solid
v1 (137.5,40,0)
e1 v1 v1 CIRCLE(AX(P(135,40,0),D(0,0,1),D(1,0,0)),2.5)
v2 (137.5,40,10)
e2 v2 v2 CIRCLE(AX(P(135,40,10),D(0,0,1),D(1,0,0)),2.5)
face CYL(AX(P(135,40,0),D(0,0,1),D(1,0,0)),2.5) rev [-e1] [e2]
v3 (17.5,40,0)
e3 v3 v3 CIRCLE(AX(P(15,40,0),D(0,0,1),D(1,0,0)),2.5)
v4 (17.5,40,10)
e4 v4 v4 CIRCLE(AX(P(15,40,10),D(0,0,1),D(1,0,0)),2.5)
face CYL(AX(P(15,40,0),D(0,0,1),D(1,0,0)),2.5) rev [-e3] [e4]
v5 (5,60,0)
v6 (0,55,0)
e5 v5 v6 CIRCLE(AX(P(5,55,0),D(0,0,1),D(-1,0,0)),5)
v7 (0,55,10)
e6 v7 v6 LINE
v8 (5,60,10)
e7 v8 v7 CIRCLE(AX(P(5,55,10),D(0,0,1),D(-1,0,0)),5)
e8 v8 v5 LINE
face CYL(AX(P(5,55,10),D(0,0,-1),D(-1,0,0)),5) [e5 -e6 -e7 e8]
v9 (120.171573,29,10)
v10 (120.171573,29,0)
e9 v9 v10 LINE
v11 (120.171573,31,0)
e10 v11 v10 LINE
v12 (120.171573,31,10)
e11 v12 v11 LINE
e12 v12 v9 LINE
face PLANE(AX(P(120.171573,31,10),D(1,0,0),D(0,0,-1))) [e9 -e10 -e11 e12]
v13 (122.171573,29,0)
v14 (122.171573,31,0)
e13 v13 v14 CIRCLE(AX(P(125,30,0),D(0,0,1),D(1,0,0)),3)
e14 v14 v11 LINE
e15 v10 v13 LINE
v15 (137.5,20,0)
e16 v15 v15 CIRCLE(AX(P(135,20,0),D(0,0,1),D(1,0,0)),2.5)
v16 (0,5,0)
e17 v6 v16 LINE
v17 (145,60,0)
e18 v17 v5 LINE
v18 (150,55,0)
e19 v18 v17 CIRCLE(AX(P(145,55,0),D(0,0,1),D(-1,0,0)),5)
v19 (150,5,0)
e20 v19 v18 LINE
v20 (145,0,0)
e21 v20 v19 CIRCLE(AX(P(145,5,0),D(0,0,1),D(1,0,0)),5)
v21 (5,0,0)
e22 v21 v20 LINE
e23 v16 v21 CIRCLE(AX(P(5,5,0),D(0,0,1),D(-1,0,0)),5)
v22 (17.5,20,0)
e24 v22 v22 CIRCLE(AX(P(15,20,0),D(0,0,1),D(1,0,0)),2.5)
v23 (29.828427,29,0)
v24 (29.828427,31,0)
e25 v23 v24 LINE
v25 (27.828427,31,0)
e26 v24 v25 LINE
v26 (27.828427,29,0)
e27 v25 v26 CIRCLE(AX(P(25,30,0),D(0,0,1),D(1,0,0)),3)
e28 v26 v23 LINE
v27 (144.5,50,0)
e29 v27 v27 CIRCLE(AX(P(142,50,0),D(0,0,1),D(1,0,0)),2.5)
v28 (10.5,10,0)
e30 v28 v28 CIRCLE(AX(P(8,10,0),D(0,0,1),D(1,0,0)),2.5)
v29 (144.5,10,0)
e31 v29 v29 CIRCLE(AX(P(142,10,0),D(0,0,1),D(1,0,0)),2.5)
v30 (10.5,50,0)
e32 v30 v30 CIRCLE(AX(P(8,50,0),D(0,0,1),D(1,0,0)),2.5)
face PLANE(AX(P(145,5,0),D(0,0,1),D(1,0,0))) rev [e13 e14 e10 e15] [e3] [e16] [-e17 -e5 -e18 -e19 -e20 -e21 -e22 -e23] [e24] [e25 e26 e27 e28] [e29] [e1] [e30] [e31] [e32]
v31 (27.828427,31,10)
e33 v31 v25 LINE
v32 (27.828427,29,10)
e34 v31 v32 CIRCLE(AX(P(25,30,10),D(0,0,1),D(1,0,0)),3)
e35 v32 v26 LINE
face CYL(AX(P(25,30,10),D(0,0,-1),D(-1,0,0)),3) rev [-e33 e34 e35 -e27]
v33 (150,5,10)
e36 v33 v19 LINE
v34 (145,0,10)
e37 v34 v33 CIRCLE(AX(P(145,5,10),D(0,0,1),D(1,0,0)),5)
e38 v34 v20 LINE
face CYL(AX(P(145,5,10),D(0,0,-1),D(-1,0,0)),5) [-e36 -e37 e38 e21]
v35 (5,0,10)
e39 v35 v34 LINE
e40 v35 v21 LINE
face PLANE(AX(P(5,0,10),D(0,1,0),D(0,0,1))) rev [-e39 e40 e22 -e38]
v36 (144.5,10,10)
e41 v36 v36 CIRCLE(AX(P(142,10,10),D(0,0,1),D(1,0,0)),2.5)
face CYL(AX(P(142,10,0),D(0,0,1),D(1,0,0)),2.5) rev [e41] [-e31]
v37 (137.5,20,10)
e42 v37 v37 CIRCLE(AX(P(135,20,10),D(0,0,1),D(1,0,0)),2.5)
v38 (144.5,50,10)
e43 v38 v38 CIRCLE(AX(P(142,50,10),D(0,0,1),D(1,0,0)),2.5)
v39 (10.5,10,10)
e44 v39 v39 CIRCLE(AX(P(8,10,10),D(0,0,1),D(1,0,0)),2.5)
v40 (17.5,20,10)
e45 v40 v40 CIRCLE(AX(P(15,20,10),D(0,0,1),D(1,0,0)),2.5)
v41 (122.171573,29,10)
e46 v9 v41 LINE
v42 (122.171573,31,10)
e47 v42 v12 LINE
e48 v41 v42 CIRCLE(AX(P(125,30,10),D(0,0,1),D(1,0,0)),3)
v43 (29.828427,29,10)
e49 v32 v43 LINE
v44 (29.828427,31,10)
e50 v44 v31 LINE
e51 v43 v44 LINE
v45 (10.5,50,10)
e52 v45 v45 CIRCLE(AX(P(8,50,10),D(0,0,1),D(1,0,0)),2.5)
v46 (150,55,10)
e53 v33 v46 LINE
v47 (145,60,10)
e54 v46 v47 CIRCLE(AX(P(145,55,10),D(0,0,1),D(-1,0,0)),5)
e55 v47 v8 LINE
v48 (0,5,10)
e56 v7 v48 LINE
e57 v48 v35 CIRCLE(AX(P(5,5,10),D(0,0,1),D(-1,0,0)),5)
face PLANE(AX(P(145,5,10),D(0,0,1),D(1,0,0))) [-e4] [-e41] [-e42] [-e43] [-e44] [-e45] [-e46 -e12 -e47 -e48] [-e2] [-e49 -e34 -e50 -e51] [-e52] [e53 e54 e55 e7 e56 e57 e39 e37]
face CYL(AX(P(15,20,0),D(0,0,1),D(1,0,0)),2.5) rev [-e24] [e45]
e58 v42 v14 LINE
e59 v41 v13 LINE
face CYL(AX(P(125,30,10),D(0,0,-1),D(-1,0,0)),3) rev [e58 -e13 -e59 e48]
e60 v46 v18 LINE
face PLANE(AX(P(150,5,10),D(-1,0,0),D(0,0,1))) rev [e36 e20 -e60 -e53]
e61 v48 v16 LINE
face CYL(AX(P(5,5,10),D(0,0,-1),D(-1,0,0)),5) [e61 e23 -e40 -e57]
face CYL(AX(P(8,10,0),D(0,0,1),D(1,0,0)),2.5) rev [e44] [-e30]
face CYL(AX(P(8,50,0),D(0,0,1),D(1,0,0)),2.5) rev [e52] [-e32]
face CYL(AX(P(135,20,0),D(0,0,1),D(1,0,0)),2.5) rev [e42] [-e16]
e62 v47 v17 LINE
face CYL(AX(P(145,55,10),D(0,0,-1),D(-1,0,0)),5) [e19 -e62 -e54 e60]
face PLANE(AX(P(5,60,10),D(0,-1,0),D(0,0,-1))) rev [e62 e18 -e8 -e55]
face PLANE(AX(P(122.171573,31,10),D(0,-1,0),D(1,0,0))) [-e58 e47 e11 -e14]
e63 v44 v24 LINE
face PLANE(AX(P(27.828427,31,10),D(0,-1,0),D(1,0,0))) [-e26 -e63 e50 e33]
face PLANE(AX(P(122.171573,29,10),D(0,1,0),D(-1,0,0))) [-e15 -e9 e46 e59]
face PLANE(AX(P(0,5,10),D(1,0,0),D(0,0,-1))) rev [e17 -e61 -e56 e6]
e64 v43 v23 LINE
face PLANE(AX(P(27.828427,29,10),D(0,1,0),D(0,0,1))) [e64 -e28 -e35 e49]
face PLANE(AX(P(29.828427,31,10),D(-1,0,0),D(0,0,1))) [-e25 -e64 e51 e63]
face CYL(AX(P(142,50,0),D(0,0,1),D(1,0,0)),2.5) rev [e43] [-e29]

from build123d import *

# Parameters (mm, degrees)
BOSS_EXTRUDE1_DEPTH = 10
SKETCH2_R           = 2.5
CUT_EXTRUDE1_DEPTH  = 11
SKETCH3_R           = 2.5
CUT_EXTRUDE3_DEPTH  = 11


with BuildPart() as part:
    # Sketch1 → Boss-Extrude1 (new body)
    with BuildSketch(Plane.XY):
        with BuildLine():
            Line((5, 0), (145, 0))
            ThreePointArc((145, 0), (148.535533906, 1.464466094), (150, 5))
            Line((150, 5), (150, 55))
            ThreePointArc((150, 55), (148.535533906, 58.535533906), (145, 60))
            Line((145, 60), (5, 60))
            ThreePointArc((5, 60), (1.464466094, 58.535533906), (0, 55))
            Line((0, 55), (0, 5))
            ThreePointArc((0, 5), (1.464466094, 1.464466094), (5, 0))
        make_face()
        with BuildLine():
            Line((27.828427125, 31), (29.828427125, 31))
            Line((29.828427125, 31), (29.828427125, 29))
            Line((29.828427125, 29), (27.828427125, 29))
            ThreePointArc((27.828427125, 29), (22, 30), (27.828427125, 31))
        make_face(mode=Mode.SUBTRACT)
        with BuildLine():
            Line((122.171572875, 31), (120.171572875, 31))
            Line((120.171572875, 31), (120.171572875, 29))
            Line((120.171572875, 29), (122.171572875, 29))
            ThreePointArc((122.171572875, 29), (128, 30), (122.171572875, 31))
        make_face(mode=Mode.SUBTRACT)
    extrude(amount=BOSS_EXTRUDE1_DEPTH)

    # Sketch2 → Cut-Extrude1 (cut, through all)
    with BuildSketch(Plane.XY.offset(10)):
        with Locations((15, 40)):
            Circle(SKETCH2_R)
        with Locations((15, 20)):
            Circle(SKETCH2_R)
        with Locations((135, 40)):
            Circle(SKETCH2_R)
        with Locations((135, 20)):
            Circle(SKETCH2_R)
    extrude(amount=-CUT_EXTRUDE1_DEPTH, mode=Mode.SUBTRACT)

    # Sketch3 → Cut-Extrude3 (cut, through all)
    with BuildSketch(Plane.XY.offset(10)):
        with Locations((8, 50)):
            Circle(SKETCH3_R)
        with Locations((8, 10)):
            Circle(SKETCH3_R)
        with Locations((142, 50)):
            Circle(SKETCH3_R)
        with Locations((142, 10)):
            Circle(SKETCH3_R)
    extrude(amount=-CUT_EXTRUDE3_DEPTH, mode=Mode.SUBTRACT)


solid = part.part
